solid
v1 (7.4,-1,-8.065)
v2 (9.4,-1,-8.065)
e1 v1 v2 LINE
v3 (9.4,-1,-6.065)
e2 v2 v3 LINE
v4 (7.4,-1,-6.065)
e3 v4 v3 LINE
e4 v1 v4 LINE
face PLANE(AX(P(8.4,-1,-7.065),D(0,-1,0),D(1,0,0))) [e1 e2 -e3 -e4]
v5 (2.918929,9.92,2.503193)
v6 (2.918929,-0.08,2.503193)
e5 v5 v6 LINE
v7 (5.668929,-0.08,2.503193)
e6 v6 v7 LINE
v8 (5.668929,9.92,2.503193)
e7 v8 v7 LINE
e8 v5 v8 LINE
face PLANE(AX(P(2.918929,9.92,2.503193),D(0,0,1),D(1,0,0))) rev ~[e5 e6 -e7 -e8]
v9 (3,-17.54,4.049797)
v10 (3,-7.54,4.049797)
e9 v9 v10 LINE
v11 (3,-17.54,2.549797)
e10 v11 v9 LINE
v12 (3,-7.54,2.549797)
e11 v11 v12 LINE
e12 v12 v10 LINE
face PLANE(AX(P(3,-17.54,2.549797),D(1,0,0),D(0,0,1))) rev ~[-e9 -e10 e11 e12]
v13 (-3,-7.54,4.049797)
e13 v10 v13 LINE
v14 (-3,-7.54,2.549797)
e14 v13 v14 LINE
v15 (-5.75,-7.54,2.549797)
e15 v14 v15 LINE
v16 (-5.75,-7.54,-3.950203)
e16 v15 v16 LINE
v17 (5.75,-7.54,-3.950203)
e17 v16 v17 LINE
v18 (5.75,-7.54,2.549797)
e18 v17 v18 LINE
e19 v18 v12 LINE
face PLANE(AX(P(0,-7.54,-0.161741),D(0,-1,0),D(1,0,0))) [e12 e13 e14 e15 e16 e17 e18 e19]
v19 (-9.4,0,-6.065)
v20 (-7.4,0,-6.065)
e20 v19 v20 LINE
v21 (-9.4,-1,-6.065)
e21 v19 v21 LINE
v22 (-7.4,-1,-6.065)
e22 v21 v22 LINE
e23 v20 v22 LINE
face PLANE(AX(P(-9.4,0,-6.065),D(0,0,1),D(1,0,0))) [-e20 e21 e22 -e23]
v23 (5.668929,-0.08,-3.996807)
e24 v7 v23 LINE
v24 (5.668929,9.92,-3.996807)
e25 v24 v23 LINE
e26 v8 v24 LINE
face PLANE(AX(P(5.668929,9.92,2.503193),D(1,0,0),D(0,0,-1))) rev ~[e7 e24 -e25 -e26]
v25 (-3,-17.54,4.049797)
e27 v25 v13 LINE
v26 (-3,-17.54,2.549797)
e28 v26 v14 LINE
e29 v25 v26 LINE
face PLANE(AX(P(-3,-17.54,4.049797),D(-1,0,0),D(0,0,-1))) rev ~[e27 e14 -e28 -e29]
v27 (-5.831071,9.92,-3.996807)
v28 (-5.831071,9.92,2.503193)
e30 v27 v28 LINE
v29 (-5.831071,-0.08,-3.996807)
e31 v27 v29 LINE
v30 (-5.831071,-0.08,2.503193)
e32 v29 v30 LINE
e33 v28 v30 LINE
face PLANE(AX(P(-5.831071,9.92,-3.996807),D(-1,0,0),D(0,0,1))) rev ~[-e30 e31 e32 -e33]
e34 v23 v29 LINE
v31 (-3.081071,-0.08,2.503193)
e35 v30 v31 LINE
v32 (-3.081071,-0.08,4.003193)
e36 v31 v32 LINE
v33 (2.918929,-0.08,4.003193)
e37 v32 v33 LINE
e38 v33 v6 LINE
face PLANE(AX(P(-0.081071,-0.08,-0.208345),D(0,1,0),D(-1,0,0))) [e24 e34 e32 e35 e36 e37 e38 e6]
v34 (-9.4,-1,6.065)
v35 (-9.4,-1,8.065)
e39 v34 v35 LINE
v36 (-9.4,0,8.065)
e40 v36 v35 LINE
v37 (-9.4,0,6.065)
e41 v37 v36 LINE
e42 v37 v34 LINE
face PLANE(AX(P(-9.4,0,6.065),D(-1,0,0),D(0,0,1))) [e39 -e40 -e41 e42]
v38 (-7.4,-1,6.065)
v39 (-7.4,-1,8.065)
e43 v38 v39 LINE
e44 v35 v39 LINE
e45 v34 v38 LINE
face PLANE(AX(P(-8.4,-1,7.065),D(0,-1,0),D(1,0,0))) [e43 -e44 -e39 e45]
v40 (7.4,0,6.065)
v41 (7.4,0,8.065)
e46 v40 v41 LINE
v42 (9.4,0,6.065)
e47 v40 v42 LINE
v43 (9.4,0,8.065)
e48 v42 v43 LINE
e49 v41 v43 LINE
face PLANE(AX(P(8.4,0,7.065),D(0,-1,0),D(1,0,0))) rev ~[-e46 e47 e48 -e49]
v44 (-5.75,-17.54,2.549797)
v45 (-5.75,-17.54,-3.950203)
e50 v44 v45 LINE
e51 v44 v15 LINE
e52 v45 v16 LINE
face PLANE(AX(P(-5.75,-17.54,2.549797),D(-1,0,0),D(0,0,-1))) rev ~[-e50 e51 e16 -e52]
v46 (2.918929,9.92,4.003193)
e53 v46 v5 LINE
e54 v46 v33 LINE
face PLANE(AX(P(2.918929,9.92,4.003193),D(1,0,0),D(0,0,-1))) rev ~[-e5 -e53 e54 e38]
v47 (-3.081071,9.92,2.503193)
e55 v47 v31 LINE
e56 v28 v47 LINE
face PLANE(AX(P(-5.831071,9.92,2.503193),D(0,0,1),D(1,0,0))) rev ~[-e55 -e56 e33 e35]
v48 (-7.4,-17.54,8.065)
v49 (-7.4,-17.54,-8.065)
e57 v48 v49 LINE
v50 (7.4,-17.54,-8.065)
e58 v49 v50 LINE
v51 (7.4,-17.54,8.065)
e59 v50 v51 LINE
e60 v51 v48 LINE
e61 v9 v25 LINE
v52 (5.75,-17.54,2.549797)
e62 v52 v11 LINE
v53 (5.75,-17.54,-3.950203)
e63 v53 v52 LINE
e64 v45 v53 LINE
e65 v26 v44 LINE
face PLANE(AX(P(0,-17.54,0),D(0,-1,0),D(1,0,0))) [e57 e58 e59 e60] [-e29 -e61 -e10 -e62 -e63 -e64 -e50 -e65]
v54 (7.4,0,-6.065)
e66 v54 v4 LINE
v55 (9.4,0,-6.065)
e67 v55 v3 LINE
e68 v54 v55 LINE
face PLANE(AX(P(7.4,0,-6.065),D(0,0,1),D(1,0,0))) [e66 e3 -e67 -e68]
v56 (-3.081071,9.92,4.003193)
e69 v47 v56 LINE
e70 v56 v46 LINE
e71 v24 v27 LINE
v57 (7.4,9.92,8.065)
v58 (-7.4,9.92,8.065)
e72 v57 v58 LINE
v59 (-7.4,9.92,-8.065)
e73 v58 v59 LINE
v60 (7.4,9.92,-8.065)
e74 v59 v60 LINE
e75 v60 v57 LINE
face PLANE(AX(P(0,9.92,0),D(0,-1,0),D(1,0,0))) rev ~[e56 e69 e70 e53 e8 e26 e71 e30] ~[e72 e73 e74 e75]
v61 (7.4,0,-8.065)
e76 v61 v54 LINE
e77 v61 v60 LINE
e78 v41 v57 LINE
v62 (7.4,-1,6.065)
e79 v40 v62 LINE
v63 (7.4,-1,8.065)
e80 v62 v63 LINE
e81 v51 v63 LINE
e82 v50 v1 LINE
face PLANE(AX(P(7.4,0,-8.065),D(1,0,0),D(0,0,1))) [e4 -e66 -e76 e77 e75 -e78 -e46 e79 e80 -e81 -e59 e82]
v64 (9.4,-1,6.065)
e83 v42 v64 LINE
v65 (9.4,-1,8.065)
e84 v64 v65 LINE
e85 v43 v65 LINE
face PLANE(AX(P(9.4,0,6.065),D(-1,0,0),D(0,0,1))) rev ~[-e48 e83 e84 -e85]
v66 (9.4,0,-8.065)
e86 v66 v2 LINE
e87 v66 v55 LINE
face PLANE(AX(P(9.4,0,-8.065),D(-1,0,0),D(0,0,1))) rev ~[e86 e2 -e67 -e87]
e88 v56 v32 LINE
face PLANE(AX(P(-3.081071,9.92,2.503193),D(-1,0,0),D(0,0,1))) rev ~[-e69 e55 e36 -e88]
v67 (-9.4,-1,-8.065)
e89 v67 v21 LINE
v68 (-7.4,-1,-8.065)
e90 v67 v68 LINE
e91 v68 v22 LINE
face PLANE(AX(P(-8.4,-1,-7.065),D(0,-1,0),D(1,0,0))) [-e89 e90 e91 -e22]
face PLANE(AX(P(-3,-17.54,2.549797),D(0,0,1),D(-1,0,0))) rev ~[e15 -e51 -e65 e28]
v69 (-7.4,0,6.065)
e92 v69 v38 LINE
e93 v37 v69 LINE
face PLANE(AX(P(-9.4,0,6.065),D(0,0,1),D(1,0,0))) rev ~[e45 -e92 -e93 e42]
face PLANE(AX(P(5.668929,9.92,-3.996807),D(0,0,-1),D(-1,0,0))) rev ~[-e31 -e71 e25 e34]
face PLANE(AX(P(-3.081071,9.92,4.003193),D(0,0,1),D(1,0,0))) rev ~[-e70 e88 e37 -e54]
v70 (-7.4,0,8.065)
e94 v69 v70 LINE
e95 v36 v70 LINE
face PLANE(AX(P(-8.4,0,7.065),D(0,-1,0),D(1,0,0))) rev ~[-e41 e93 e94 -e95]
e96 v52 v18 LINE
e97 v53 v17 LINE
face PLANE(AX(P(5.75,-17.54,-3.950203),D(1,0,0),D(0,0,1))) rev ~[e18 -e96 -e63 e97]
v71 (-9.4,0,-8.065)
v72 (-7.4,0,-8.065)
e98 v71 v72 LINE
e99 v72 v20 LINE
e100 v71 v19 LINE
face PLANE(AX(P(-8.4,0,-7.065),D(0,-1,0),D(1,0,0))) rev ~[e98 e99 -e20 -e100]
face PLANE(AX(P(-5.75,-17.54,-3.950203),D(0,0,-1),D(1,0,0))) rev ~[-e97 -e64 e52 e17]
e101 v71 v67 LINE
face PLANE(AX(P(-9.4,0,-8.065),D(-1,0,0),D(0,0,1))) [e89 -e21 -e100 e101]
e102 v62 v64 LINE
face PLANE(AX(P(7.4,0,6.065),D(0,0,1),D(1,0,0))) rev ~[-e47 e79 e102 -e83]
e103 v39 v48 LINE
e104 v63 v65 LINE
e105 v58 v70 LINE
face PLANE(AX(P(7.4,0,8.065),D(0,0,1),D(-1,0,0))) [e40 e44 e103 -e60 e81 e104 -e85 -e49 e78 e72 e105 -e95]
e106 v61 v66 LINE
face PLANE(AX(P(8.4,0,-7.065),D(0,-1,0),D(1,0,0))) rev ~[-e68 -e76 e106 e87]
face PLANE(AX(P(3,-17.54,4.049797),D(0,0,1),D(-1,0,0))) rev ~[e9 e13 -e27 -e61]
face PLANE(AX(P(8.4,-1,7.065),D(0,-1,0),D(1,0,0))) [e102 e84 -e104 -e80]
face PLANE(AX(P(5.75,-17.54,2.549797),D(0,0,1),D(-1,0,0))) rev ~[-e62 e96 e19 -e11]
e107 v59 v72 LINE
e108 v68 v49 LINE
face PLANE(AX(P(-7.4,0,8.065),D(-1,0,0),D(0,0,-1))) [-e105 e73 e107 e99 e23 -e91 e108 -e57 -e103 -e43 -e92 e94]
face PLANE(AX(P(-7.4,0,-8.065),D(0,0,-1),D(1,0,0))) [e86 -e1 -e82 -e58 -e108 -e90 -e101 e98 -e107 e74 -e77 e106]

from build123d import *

# Parameters (mm, degrees)
F1_DEPTH      = 17.54
F1_DEPTH_BACK = 9.92
F0_W          = 2
F0_H          = 2
F2_DEPTH      = 1
F4_DEPTH      = 10
F6_DEPTH      = 10


with BuildPart() as f1:
    # F0 (on Front) → F1 (new body, two sides)
    with BuildSketch(Plane.XZ) as f1_sk:
        Polygon((7.4, 8.065), (-7.4, 8.065), (-7.4, 6.065), (-7.4, -6.065), (-7.4, -8.065), (7.4, -8.065), (7.4, -6.065), (7.4, 6.065), align=None)
    extrude(amount=F1_DEPTH)
    extrude(f1_sk.sketch, amount=-F1_DEPTH_BACK)

    # F0 (on Front) → F2 (join)
    with BuildSketch(Plane.XZ):
        with Locations((-8.4, 7.065)):
            Rectangle(F0_W, F0_H)
        with Locations((-8.4, -7.065)):
            Rectangle(F0_W, F0_H)
        with Locations((8.4, -7.065)):
            Rectangle(F0_W, F0_H)
        with Locations((8.4, 7.065)):
            Rectangle(F0_W, F0_H)
    extrude(amount=F2_DEPTH)

    # F3 (on face) → F4 (cut)
    with BuildSketch(Plane.XZ.offset(17.54)):
        Polygon((-5.75, -3.950203), (0, -3.950203), (5.75, -3.950203), (5.75, 2.549797), (3, 2.549797), (3, 4.049797), (0, 4.049797), (-3, 4.049797), (-3, 2.549797), (-5.75, 2.549797), align=None)
    extrude(amount=-F4_DEPTH, mode=Mode.SUBTRACT)

    # F5 (on face) → F6 (cut)
    with BuildSketch(Plane(origin=(0, 9.92, 0), x_dir=(-1, 0, 0), z_dir=(0, 1, 0))):
        Polygon((-5.668929, -3.996807), (0.081071, -3.996807), (5.831071, -3.996807), (5.831071, 2.503193), (3.081071, 2.503193), (3.081071, 4.003193), (0.081071, 4.003193), (-2.918929, 4.003193), (-2.918929, 2.503193), (-5.668929, 2.503193), align=None)
    extrude(amount=-F6_DEPTH, mode=Mode.SUBTRACT)


solid = f1.part
